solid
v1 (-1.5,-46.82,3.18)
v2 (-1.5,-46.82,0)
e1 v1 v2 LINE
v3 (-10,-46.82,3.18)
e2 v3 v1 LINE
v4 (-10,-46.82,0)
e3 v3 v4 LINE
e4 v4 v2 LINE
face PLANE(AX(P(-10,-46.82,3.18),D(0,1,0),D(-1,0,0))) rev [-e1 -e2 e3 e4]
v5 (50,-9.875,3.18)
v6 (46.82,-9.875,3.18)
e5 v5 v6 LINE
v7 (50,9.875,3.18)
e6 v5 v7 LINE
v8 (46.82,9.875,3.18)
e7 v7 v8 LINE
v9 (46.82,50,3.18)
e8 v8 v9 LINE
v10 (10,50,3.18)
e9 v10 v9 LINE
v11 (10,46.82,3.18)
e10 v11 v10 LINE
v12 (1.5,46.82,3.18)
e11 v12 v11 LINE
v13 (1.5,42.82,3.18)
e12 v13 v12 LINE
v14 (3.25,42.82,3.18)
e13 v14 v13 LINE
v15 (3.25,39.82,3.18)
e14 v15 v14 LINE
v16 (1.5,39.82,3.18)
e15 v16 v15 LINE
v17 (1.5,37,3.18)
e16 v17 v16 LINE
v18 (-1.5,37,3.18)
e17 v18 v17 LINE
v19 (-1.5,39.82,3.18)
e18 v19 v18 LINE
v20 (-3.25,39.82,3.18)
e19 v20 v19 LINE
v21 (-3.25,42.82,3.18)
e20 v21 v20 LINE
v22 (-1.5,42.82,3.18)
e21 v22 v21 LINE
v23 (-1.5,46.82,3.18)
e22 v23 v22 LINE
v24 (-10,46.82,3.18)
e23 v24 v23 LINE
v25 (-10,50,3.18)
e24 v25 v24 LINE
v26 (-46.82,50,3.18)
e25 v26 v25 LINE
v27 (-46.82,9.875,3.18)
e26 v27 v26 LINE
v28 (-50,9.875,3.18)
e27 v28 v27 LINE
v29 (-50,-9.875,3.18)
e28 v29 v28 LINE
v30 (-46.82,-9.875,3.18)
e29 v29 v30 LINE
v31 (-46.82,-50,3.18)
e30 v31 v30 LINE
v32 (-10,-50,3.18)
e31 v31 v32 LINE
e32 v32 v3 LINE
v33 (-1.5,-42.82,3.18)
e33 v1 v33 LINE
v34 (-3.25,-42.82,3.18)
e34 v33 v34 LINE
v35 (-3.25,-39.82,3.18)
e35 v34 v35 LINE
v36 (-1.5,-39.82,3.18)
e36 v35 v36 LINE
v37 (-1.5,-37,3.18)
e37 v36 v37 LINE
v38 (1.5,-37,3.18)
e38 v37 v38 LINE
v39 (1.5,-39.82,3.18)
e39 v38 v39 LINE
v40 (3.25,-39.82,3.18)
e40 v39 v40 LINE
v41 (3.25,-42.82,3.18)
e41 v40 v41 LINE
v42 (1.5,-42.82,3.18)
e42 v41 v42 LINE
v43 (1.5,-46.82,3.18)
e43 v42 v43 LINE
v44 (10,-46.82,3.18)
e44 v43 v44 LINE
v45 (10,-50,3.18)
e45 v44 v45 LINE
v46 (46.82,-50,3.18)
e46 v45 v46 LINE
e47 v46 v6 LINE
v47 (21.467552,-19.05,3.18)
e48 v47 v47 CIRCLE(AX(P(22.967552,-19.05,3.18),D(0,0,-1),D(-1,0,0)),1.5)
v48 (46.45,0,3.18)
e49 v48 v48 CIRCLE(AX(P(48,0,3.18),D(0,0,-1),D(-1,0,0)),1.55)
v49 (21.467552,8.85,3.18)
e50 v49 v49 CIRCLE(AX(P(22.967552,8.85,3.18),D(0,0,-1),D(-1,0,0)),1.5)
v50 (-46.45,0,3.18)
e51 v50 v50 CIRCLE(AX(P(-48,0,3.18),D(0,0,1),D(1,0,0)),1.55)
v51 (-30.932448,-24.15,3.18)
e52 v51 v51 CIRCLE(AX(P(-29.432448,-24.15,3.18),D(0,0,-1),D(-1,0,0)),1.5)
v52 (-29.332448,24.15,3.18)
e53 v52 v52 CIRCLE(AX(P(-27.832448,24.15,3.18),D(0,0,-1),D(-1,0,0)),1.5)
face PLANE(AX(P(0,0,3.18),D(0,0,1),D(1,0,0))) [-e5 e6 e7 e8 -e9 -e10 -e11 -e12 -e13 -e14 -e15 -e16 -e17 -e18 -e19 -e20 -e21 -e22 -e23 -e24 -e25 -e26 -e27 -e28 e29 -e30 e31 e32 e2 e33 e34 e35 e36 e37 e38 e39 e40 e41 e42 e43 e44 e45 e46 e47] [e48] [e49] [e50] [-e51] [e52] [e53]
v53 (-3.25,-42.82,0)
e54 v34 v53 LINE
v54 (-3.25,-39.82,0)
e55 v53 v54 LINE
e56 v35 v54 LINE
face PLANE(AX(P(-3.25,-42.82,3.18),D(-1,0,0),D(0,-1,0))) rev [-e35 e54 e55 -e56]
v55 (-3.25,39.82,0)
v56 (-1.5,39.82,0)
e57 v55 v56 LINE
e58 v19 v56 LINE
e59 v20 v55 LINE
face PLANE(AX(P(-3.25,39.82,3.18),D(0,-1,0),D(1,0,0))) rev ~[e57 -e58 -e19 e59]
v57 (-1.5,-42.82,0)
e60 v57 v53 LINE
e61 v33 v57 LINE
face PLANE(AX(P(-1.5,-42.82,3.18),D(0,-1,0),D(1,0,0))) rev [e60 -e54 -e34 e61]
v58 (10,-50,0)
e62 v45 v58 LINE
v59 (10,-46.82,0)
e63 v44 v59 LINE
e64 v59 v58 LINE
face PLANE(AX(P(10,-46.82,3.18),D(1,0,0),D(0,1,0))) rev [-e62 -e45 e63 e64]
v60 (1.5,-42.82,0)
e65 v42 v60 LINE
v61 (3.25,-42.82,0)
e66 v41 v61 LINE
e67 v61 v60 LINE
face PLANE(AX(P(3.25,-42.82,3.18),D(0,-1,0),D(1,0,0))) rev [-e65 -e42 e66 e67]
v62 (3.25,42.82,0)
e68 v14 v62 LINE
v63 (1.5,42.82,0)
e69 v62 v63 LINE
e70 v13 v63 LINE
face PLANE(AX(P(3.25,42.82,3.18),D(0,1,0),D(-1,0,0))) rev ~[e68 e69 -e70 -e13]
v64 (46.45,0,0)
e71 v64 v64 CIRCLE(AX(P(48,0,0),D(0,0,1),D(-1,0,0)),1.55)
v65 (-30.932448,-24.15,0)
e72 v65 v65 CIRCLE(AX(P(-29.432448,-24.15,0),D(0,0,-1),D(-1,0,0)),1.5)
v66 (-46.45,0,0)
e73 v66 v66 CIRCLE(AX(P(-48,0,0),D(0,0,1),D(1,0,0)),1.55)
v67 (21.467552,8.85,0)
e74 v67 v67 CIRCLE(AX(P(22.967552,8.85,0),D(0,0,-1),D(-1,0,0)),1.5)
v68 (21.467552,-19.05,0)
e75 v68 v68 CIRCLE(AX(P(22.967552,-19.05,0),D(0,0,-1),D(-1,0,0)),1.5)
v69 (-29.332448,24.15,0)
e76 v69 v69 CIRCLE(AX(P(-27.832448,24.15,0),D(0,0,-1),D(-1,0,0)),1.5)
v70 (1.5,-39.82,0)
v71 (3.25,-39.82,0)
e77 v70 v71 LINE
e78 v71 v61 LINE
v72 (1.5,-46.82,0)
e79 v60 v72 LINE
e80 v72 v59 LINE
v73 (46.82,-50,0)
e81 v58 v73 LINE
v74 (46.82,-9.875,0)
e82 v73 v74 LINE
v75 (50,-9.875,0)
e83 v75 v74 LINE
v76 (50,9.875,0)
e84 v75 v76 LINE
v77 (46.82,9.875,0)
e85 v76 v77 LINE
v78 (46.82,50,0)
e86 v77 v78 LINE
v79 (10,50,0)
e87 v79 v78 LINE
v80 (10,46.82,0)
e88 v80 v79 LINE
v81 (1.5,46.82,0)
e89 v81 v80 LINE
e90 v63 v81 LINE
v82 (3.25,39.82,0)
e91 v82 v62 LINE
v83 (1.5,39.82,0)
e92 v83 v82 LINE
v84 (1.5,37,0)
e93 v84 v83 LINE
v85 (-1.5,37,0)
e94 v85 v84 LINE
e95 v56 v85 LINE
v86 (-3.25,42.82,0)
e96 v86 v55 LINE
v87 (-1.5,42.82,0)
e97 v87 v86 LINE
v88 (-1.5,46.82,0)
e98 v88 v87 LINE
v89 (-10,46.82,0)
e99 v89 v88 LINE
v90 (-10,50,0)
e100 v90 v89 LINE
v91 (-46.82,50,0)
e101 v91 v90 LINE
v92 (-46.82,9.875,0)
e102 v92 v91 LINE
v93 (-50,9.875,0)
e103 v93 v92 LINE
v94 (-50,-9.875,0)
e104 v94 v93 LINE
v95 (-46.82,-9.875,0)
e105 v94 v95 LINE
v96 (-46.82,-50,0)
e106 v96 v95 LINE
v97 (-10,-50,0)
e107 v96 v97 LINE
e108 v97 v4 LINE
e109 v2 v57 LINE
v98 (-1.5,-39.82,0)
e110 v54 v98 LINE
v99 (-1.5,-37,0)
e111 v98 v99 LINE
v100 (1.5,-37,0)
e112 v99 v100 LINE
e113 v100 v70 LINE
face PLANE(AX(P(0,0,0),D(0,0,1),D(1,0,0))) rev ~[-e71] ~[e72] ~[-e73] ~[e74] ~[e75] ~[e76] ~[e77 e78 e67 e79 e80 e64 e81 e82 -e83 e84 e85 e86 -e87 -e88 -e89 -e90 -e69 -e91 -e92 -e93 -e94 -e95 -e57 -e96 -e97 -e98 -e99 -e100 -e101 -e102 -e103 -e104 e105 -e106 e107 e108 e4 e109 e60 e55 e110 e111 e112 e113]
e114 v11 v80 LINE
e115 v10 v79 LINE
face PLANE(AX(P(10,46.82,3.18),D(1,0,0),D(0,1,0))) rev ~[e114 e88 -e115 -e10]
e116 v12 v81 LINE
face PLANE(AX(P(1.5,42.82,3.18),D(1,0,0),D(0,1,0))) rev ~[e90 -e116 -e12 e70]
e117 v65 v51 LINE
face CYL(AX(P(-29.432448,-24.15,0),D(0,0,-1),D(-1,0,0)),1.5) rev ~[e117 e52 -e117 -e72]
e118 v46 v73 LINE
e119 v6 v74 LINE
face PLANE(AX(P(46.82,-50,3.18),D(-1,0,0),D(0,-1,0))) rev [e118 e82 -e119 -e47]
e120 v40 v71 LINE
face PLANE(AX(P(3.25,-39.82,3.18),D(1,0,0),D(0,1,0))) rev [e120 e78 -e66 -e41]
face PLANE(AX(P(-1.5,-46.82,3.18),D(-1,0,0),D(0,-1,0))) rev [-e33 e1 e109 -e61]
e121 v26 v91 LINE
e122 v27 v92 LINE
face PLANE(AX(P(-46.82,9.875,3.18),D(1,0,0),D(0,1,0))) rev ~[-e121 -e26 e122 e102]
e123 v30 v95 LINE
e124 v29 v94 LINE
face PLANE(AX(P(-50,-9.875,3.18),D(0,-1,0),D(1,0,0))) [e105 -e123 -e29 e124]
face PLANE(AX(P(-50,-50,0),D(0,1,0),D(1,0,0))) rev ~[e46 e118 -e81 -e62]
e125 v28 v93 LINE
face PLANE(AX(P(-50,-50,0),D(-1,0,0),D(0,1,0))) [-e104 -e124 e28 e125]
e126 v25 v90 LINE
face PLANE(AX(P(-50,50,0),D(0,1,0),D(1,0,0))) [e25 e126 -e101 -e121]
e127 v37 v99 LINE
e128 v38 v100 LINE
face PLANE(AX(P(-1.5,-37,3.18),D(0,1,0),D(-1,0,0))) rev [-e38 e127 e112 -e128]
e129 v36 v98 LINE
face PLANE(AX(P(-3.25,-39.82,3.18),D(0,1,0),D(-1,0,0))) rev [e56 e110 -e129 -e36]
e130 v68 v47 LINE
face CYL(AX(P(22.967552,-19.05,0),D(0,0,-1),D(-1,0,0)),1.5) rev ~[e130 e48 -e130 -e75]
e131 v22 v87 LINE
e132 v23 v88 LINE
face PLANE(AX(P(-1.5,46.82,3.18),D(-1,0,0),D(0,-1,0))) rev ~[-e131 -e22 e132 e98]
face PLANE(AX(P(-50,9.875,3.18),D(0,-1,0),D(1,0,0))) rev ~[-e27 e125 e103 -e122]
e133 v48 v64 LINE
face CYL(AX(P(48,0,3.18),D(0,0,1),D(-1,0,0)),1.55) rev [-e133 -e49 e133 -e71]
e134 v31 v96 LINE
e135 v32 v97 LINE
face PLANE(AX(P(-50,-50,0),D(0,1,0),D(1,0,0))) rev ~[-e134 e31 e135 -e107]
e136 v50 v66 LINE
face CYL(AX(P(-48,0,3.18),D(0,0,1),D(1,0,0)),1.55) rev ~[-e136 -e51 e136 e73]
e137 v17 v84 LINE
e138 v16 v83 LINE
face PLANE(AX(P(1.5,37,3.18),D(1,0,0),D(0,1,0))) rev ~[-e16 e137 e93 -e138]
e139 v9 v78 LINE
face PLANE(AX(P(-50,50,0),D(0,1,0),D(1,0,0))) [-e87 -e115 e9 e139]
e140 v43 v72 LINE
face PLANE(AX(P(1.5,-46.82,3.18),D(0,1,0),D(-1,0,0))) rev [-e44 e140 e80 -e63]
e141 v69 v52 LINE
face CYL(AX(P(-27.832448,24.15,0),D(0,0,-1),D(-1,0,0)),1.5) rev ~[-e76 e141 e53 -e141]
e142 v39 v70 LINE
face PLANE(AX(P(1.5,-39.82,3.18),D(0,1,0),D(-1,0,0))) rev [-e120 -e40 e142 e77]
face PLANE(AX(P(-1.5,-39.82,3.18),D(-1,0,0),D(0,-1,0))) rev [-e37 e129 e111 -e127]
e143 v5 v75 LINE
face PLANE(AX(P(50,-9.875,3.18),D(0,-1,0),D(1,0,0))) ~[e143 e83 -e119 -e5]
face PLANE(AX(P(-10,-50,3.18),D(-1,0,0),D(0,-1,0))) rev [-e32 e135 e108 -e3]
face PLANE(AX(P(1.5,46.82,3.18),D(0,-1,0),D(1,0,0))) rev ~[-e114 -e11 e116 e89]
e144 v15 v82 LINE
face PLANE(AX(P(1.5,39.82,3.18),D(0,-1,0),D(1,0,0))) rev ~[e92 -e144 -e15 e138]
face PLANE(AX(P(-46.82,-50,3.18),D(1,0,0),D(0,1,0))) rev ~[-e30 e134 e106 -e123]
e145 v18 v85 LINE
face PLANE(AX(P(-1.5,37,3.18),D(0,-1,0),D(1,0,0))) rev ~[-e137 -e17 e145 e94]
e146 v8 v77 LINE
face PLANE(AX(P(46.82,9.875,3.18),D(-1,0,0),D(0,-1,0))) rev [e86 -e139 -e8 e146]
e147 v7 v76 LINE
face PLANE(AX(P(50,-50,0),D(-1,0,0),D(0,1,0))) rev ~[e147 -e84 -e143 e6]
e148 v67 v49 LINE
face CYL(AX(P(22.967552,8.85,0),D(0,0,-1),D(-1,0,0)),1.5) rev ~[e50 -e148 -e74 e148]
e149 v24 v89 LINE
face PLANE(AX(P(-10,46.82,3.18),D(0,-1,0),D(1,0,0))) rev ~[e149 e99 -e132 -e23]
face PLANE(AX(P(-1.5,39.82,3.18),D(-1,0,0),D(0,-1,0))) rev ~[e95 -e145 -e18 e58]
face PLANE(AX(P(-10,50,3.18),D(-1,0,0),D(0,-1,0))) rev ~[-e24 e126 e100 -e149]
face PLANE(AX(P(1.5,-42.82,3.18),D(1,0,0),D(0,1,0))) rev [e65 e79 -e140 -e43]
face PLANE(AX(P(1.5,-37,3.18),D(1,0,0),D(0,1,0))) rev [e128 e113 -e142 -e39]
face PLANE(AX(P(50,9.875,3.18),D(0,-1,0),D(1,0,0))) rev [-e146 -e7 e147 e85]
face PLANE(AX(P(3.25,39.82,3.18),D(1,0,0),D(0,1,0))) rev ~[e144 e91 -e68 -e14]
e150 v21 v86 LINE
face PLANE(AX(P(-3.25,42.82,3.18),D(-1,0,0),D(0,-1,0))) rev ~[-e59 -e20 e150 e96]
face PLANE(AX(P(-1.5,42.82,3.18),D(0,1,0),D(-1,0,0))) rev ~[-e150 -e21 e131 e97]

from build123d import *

# Parameters (mm, degrees)
SKETCH1_W           = 100
SKETCH1_H           = 100
BOSS_EXTRUDE2_DEPTH = 3.18
SKETCH2_R           = 1.55
SKETCH2_W           = 3.18
SKETCH2_H           = 40.125
CUT_EXTRUDE1_DEPTH  = 4.18
SKETCH3_R           = 1.5
CUT_EXTRUDE2_DEPTH  = 4.18


with BuildPart() as part:
    # Sketch1 → Boss-Extrude2 (new body)
    with BuildSketch(Plane.XY):
        Rectangle(SKETCH1_W, SKETCH1_H)
    extrude(amount=BOSS_EXTRUDE2_DEPTH)

    # Sketch2 → Cut-Extrude1 (cut, through all)
    with BuildSketch(Plane.XY.offset(3.18)):
        with Locations((-48, 0)):
            Circle(SKETCH2_R)
        Polygon((-10, 50), (-10, 46.82), (-1.5, 46.82), (-1.5, 42.82), (-3.25, 42.82), (-3.25, 39.82), (-1.5, 39.82), (-1.5, 37), (1.5, 37), (1.5, 39.82), (3.25, 39.82), (3.25, 42.82), (1.5, 42.82), (1.5, 46.82), (10, 46.82), (10, 50), align=None)
        with Locations((-48.41, 29.9375)):
            Rectangle(SKETCH2_W, SKETCH2_H)
        with Locations((-48.41, -29.9375)):
            Rectangle(SKETCH2_W, SKETCH2_H)
    cut_extrude1 = extrude(amount=-CUT_EXTRUDE1_DEPTH, mode=Mode.SUBTRACT)

    # Mirror1: Cut-Extrude1 across plane
    add(cut_extrude1.mirror(Plane.ZX), mode=Mode.SUBTRACT)

    # Mirror3: Cut-Extrude1 across plane
    add(cut_extrude1.mirror(Plane(origin=(0, 0, 0), x_dir=(0, 0, 1), z_dir=(1, 0, 0))), mode=Mode.SUBTRACT)

    # Sketch3 → Cut-Extrude2 (cut, through all)
    with BuildSketch(Plane(origin=(0, 0, 0), x_dir=(-1, 0, 0), z_dir=(0, 0, -1))):
        with Locations((27.832447704, 24.15)):
            Circle(SKETCH3_R)
        with Locations((29.432447704, -24.15)):
            Circle(SKETCH3_R)
        with Locations((-22.967552296, -19.05)):
            Circle(SKETCH3_R)
        with Locations((-22.967552296, 8.85)):
            Circle(SKETCH3_R)
    extrude(amount=-CUT_EXTRUDE2_DEPTH, mode=Mode.SUBTRACT)


solid = part.part
